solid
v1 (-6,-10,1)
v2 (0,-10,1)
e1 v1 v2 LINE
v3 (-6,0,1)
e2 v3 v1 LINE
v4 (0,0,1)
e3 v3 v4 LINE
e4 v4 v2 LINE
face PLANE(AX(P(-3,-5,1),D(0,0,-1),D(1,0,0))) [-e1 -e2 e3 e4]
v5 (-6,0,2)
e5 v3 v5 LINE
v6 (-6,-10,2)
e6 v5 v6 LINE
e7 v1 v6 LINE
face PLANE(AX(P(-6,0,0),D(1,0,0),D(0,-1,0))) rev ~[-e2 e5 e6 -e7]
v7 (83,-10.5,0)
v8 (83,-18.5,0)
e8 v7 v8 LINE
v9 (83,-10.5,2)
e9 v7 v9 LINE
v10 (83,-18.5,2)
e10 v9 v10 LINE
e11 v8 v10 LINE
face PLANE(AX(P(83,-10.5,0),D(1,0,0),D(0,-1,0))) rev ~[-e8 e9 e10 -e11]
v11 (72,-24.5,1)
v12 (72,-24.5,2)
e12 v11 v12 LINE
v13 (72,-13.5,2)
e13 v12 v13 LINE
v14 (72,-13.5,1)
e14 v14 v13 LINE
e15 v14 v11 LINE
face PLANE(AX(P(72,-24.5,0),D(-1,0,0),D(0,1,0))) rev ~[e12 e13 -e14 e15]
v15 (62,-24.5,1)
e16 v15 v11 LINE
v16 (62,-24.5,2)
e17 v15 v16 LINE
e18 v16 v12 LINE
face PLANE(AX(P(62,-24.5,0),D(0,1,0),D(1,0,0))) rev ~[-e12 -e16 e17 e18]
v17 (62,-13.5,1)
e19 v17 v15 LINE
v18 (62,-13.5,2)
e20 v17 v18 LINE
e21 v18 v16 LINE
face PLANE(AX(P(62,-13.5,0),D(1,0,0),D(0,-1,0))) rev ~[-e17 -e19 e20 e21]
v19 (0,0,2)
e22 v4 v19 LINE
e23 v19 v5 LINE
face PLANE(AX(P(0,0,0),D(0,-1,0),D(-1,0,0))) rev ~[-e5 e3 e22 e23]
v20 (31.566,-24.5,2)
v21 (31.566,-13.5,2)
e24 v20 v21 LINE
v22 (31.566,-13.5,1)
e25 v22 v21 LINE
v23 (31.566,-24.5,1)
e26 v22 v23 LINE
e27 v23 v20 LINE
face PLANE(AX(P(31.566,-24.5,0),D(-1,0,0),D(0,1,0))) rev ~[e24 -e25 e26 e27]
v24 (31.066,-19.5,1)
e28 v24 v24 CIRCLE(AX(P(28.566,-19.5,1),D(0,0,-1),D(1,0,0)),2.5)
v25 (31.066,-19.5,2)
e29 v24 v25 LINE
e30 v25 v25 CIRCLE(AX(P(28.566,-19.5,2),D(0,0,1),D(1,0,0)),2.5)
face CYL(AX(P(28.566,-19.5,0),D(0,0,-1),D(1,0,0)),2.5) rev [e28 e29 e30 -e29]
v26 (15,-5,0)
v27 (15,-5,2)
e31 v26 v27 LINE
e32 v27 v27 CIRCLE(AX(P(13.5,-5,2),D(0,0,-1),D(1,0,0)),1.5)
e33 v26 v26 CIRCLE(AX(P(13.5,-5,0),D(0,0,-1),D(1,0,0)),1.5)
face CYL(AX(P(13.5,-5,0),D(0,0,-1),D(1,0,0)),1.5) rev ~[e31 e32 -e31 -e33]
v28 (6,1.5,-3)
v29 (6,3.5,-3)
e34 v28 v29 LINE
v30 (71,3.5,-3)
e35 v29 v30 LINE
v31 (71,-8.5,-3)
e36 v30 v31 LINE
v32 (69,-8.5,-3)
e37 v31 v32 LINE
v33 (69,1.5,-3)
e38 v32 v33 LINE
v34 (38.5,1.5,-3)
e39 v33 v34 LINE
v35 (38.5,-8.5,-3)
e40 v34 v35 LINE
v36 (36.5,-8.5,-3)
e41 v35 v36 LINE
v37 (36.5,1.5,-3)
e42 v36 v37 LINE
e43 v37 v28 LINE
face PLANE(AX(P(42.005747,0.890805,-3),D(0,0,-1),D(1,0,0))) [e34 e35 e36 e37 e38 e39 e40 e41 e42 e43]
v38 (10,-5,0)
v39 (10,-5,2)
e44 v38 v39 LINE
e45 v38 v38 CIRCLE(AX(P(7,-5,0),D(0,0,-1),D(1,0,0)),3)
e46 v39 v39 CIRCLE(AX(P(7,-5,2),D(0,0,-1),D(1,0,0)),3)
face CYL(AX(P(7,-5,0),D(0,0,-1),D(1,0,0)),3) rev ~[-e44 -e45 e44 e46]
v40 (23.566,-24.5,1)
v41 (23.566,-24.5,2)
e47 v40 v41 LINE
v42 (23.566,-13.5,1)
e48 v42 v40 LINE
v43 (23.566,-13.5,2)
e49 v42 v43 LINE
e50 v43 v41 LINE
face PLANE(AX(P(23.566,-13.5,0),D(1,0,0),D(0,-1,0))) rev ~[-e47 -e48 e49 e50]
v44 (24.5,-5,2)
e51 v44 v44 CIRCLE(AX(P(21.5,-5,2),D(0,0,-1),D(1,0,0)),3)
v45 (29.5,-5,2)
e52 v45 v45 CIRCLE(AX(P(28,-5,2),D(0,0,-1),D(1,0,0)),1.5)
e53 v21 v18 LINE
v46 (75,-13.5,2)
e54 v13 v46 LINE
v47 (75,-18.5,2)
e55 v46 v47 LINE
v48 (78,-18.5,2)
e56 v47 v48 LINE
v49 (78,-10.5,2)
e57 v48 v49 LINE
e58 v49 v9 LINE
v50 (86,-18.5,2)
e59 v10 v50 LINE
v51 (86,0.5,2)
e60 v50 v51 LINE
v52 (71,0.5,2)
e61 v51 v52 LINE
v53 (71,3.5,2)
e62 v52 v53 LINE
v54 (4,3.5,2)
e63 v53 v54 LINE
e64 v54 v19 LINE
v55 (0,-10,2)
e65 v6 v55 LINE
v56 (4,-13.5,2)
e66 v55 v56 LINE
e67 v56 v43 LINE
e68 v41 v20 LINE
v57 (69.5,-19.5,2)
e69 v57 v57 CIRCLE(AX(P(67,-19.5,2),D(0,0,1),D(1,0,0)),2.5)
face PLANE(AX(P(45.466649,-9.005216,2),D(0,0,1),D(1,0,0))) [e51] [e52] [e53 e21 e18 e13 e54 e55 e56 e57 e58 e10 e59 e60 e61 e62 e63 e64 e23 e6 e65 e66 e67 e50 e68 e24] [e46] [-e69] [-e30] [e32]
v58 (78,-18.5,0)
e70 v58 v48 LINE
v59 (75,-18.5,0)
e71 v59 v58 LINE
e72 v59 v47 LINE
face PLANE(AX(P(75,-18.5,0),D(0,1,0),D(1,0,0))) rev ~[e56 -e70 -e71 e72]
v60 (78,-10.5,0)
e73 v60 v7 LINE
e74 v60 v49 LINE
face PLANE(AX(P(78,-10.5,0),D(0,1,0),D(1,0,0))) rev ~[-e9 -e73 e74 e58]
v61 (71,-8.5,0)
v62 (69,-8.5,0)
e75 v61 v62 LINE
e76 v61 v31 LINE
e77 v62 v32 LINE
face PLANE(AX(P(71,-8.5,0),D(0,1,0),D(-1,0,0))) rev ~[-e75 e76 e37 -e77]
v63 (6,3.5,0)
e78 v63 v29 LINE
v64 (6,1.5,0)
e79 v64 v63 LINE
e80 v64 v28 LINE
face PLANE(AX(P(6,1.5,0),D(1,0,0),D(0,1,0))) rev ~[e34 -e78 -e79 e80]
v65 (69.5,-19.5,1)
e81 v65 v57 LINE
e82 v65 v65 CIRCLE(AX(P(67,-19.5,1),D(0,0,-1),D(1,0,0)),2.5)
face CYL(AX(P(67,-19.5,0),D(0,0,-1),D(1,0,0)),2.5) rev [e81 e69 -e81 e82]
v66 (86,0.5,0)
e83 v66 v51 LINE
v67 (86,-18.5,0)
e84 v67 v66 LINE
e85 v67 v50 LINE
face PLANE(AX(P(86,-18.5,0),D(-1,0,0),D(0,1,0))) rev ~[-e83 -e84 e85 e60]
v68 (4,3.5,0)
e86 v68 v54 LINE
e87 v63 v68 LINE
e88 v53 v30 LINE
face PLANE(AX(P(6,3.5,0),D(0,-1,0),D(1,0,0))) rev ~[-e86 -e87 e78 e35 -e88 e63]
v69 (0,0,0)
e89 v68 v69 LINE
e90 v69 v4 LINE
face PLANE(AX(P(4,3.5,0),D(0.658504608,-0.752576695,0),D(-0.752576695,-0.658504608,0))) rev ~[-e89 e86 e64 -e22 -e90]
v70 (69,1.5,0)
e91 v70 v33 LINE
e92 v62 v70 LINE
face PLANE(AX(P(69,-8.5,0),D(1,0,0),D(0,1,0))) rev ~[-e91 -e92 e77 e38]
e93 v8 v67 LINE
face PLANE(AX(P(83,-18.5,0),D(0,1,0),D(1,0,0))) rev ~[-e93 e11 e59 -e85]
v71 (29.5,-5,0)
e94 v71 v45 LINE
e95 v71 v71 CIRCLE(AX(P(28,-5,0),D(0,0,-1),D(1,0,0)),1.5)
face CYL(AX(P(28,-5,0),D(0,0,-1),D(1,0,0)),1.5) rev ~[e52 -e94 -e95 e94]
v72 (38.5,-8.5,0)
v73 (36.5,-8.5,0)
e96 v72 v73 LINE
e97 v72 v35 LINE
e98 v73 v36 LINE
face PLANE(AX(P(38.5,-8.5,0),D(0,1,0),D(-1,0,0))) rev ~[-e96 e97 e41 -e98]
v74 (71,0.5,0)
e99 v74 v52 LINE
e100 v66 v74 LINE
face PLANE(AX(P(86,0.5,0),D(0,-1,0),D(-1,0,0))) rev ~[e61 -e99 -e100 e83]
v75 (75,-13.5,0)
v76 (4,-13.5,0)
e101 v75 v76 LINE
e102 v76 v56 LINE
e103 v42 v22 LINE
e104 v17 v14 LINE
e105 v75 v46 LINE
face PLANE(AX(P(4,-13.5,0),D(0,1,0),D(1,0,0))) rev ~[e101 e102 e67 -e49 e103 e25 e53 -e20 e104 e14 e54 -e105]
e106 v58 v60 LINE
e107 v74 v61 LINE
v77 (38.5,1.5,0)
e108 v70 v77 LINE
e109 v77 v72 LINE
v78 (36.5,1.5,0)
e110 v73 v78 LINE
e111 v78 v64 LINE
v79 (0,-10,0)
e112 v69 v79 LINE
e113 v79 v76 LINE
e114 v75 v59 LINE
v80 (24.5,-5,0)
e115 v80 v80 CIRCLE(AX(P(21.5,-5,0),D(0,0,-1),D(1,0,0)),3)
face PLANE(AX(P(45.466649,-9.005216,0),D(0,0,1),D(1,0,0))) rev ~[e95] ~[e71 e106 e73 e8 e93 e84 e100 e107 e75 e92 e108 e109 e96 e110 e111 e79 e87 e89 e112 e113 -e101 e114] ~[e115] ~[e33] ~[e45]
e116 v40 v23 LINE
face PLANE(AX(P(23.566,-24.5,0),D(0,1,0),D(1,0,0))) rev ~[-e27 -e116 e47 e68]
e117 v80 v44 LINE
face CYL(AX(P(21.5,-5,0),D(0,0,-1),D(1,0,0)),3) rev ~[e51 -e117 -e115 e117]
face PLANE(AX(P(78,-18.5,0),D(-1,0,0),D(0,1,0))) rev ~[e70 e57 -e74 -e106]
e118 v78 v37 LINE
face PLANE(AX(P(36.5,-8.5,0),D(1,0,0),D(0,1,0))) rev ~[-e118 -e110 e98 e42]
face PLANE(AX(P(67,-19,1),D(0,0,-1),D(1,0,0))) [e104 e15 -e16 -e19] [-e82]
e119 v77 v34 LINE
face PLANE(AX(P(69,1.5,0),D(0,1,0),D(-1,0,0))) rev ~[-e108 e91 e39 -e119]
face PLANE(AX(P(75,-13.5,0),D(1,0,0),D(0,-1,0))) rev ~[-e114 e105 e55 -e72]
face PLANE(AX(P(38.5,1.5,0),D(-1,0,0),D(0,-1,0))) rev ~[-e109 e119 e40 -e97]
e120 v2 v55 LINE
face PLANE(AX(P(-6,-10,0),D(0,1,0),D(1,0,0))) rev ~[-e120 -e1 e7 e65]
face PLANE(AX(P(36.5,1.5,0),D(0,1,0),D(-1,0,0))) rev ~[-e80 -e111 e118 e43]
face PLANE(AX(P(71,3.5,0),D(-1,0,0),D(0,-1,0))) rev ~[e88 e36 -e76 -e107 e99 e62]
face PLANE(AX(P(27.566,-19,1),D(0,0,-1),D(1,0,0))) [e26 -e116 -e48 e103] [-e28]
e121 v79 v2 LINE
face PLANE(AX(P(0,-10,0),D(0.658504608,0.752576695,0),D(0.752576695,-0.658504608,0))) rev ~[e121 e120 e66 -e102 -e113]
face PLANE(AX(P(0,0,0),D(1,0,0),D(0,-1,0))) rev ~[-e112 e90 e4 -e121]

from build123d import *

# Parameters (mm, degrees)
SKETCH_R        = 2.5
PAD_DEPTH       = 2
PAD001_DEPTH    = 3
SKETCH004_W     = 6
SKETCH004_H     = 10
SKETCH004_W_2   = 8
SKETCH004_H_2   = 11
SKETCH004_W_3   = 10
POCKET_DEPTH    = 1
SKETCH005_R     = 3
SKETCH005_R_2   = 1.5
POCKET001_DEPTH = 5


with BuildPart() as part:
    # Sketch → Pad (new body)
    with BuildSketch(Plane.XY):
        Polygon((0, 0), (-6, 0), (-6, -10), (0, -10), (4, -13.5), (23.566, -13.5), (23.566, -24.5), (31.566, -24.5), (31.566, -13.5), (62, -13.5), (62, -24.5), (72, -24.5), (72, -13.5), (75, -13.5), (75, -18.5), (78, -18.5), (78, -10.5), (83, -10.5), (83, -18.5), (86, -18.5), (86, 0.5), (71, 0.5), (71, 3.5), (4, 3.5), align=None)
        with Locations((28.566, -19.5)):
            Circle(SKETCH_R, mode=Mode.SUBTRACT)
        with Locations((67, -19.5)):
            Circle(SKETCH_R, mode=Mode.SUBTRACT)
    extrude(amount=PAD_DEPTH)

    # Sketch003 (on Face27 of Pad) → Pad001 (join)
    with BuildSketch(Plane(origin=(0, 0, 0), x_dir=(1, 0, 0), z_dir=(0, 0, -1))):
        Polygon((6, -3.5), (71, -3.5), (71, 8.5), (69, 8.5), (69, -1.5), (38.5, -1.5), (38.5, 8.5), (36.5, 8.5), (36.5, -1.5), (6, -1.5), align=None)
    extrude(amount=PAD001_DEPTH)

    # Sketch004 (on Face4 of Pad001) → Pocket (cut)
    with BuildSketch(Plane(origin=(0, 0, 0), x_dir=(1, 0, 0), z_dir=(0, 0, -1))):
        with Locations((-3, 5)):
            Rectangle(SKETCH004_W, SKETCH004_H)
        with Locations((27.566, 19)):
            Rectangle(SKETCH004_W_2, SKETCH004_H_2)
        with Locations((67, 19)):
            Rectangle(SKETCH004_W_3, SKETCH004_H_2)
    extrude(amount=-POCKET_DEPTH, mode=Mode.SUBTRACT)

    # Sketch005 (on Face4 of Pocket) → Pocket001 (cut)
    with BuildSketch(Plane(origin=(0, 0, 0), x_dir=(1, 0, 0), z_dir=(0, 0, -1))):
        with Locations((7, 5)):
            Circle(SKETCH005_R)
        with Locations((13.5, 5)):
            Circle(SKETCH005_R_2)
        with Locations((21.5, 5)):
            Circle(SKETCH005_R)
        with Locations((28, 5)):
            Circle(SKETCH005_R_2)
    extrude(amount=-POCKET001_DEPTH, mode=Mode.SUBTRACT)


solid = part.part
